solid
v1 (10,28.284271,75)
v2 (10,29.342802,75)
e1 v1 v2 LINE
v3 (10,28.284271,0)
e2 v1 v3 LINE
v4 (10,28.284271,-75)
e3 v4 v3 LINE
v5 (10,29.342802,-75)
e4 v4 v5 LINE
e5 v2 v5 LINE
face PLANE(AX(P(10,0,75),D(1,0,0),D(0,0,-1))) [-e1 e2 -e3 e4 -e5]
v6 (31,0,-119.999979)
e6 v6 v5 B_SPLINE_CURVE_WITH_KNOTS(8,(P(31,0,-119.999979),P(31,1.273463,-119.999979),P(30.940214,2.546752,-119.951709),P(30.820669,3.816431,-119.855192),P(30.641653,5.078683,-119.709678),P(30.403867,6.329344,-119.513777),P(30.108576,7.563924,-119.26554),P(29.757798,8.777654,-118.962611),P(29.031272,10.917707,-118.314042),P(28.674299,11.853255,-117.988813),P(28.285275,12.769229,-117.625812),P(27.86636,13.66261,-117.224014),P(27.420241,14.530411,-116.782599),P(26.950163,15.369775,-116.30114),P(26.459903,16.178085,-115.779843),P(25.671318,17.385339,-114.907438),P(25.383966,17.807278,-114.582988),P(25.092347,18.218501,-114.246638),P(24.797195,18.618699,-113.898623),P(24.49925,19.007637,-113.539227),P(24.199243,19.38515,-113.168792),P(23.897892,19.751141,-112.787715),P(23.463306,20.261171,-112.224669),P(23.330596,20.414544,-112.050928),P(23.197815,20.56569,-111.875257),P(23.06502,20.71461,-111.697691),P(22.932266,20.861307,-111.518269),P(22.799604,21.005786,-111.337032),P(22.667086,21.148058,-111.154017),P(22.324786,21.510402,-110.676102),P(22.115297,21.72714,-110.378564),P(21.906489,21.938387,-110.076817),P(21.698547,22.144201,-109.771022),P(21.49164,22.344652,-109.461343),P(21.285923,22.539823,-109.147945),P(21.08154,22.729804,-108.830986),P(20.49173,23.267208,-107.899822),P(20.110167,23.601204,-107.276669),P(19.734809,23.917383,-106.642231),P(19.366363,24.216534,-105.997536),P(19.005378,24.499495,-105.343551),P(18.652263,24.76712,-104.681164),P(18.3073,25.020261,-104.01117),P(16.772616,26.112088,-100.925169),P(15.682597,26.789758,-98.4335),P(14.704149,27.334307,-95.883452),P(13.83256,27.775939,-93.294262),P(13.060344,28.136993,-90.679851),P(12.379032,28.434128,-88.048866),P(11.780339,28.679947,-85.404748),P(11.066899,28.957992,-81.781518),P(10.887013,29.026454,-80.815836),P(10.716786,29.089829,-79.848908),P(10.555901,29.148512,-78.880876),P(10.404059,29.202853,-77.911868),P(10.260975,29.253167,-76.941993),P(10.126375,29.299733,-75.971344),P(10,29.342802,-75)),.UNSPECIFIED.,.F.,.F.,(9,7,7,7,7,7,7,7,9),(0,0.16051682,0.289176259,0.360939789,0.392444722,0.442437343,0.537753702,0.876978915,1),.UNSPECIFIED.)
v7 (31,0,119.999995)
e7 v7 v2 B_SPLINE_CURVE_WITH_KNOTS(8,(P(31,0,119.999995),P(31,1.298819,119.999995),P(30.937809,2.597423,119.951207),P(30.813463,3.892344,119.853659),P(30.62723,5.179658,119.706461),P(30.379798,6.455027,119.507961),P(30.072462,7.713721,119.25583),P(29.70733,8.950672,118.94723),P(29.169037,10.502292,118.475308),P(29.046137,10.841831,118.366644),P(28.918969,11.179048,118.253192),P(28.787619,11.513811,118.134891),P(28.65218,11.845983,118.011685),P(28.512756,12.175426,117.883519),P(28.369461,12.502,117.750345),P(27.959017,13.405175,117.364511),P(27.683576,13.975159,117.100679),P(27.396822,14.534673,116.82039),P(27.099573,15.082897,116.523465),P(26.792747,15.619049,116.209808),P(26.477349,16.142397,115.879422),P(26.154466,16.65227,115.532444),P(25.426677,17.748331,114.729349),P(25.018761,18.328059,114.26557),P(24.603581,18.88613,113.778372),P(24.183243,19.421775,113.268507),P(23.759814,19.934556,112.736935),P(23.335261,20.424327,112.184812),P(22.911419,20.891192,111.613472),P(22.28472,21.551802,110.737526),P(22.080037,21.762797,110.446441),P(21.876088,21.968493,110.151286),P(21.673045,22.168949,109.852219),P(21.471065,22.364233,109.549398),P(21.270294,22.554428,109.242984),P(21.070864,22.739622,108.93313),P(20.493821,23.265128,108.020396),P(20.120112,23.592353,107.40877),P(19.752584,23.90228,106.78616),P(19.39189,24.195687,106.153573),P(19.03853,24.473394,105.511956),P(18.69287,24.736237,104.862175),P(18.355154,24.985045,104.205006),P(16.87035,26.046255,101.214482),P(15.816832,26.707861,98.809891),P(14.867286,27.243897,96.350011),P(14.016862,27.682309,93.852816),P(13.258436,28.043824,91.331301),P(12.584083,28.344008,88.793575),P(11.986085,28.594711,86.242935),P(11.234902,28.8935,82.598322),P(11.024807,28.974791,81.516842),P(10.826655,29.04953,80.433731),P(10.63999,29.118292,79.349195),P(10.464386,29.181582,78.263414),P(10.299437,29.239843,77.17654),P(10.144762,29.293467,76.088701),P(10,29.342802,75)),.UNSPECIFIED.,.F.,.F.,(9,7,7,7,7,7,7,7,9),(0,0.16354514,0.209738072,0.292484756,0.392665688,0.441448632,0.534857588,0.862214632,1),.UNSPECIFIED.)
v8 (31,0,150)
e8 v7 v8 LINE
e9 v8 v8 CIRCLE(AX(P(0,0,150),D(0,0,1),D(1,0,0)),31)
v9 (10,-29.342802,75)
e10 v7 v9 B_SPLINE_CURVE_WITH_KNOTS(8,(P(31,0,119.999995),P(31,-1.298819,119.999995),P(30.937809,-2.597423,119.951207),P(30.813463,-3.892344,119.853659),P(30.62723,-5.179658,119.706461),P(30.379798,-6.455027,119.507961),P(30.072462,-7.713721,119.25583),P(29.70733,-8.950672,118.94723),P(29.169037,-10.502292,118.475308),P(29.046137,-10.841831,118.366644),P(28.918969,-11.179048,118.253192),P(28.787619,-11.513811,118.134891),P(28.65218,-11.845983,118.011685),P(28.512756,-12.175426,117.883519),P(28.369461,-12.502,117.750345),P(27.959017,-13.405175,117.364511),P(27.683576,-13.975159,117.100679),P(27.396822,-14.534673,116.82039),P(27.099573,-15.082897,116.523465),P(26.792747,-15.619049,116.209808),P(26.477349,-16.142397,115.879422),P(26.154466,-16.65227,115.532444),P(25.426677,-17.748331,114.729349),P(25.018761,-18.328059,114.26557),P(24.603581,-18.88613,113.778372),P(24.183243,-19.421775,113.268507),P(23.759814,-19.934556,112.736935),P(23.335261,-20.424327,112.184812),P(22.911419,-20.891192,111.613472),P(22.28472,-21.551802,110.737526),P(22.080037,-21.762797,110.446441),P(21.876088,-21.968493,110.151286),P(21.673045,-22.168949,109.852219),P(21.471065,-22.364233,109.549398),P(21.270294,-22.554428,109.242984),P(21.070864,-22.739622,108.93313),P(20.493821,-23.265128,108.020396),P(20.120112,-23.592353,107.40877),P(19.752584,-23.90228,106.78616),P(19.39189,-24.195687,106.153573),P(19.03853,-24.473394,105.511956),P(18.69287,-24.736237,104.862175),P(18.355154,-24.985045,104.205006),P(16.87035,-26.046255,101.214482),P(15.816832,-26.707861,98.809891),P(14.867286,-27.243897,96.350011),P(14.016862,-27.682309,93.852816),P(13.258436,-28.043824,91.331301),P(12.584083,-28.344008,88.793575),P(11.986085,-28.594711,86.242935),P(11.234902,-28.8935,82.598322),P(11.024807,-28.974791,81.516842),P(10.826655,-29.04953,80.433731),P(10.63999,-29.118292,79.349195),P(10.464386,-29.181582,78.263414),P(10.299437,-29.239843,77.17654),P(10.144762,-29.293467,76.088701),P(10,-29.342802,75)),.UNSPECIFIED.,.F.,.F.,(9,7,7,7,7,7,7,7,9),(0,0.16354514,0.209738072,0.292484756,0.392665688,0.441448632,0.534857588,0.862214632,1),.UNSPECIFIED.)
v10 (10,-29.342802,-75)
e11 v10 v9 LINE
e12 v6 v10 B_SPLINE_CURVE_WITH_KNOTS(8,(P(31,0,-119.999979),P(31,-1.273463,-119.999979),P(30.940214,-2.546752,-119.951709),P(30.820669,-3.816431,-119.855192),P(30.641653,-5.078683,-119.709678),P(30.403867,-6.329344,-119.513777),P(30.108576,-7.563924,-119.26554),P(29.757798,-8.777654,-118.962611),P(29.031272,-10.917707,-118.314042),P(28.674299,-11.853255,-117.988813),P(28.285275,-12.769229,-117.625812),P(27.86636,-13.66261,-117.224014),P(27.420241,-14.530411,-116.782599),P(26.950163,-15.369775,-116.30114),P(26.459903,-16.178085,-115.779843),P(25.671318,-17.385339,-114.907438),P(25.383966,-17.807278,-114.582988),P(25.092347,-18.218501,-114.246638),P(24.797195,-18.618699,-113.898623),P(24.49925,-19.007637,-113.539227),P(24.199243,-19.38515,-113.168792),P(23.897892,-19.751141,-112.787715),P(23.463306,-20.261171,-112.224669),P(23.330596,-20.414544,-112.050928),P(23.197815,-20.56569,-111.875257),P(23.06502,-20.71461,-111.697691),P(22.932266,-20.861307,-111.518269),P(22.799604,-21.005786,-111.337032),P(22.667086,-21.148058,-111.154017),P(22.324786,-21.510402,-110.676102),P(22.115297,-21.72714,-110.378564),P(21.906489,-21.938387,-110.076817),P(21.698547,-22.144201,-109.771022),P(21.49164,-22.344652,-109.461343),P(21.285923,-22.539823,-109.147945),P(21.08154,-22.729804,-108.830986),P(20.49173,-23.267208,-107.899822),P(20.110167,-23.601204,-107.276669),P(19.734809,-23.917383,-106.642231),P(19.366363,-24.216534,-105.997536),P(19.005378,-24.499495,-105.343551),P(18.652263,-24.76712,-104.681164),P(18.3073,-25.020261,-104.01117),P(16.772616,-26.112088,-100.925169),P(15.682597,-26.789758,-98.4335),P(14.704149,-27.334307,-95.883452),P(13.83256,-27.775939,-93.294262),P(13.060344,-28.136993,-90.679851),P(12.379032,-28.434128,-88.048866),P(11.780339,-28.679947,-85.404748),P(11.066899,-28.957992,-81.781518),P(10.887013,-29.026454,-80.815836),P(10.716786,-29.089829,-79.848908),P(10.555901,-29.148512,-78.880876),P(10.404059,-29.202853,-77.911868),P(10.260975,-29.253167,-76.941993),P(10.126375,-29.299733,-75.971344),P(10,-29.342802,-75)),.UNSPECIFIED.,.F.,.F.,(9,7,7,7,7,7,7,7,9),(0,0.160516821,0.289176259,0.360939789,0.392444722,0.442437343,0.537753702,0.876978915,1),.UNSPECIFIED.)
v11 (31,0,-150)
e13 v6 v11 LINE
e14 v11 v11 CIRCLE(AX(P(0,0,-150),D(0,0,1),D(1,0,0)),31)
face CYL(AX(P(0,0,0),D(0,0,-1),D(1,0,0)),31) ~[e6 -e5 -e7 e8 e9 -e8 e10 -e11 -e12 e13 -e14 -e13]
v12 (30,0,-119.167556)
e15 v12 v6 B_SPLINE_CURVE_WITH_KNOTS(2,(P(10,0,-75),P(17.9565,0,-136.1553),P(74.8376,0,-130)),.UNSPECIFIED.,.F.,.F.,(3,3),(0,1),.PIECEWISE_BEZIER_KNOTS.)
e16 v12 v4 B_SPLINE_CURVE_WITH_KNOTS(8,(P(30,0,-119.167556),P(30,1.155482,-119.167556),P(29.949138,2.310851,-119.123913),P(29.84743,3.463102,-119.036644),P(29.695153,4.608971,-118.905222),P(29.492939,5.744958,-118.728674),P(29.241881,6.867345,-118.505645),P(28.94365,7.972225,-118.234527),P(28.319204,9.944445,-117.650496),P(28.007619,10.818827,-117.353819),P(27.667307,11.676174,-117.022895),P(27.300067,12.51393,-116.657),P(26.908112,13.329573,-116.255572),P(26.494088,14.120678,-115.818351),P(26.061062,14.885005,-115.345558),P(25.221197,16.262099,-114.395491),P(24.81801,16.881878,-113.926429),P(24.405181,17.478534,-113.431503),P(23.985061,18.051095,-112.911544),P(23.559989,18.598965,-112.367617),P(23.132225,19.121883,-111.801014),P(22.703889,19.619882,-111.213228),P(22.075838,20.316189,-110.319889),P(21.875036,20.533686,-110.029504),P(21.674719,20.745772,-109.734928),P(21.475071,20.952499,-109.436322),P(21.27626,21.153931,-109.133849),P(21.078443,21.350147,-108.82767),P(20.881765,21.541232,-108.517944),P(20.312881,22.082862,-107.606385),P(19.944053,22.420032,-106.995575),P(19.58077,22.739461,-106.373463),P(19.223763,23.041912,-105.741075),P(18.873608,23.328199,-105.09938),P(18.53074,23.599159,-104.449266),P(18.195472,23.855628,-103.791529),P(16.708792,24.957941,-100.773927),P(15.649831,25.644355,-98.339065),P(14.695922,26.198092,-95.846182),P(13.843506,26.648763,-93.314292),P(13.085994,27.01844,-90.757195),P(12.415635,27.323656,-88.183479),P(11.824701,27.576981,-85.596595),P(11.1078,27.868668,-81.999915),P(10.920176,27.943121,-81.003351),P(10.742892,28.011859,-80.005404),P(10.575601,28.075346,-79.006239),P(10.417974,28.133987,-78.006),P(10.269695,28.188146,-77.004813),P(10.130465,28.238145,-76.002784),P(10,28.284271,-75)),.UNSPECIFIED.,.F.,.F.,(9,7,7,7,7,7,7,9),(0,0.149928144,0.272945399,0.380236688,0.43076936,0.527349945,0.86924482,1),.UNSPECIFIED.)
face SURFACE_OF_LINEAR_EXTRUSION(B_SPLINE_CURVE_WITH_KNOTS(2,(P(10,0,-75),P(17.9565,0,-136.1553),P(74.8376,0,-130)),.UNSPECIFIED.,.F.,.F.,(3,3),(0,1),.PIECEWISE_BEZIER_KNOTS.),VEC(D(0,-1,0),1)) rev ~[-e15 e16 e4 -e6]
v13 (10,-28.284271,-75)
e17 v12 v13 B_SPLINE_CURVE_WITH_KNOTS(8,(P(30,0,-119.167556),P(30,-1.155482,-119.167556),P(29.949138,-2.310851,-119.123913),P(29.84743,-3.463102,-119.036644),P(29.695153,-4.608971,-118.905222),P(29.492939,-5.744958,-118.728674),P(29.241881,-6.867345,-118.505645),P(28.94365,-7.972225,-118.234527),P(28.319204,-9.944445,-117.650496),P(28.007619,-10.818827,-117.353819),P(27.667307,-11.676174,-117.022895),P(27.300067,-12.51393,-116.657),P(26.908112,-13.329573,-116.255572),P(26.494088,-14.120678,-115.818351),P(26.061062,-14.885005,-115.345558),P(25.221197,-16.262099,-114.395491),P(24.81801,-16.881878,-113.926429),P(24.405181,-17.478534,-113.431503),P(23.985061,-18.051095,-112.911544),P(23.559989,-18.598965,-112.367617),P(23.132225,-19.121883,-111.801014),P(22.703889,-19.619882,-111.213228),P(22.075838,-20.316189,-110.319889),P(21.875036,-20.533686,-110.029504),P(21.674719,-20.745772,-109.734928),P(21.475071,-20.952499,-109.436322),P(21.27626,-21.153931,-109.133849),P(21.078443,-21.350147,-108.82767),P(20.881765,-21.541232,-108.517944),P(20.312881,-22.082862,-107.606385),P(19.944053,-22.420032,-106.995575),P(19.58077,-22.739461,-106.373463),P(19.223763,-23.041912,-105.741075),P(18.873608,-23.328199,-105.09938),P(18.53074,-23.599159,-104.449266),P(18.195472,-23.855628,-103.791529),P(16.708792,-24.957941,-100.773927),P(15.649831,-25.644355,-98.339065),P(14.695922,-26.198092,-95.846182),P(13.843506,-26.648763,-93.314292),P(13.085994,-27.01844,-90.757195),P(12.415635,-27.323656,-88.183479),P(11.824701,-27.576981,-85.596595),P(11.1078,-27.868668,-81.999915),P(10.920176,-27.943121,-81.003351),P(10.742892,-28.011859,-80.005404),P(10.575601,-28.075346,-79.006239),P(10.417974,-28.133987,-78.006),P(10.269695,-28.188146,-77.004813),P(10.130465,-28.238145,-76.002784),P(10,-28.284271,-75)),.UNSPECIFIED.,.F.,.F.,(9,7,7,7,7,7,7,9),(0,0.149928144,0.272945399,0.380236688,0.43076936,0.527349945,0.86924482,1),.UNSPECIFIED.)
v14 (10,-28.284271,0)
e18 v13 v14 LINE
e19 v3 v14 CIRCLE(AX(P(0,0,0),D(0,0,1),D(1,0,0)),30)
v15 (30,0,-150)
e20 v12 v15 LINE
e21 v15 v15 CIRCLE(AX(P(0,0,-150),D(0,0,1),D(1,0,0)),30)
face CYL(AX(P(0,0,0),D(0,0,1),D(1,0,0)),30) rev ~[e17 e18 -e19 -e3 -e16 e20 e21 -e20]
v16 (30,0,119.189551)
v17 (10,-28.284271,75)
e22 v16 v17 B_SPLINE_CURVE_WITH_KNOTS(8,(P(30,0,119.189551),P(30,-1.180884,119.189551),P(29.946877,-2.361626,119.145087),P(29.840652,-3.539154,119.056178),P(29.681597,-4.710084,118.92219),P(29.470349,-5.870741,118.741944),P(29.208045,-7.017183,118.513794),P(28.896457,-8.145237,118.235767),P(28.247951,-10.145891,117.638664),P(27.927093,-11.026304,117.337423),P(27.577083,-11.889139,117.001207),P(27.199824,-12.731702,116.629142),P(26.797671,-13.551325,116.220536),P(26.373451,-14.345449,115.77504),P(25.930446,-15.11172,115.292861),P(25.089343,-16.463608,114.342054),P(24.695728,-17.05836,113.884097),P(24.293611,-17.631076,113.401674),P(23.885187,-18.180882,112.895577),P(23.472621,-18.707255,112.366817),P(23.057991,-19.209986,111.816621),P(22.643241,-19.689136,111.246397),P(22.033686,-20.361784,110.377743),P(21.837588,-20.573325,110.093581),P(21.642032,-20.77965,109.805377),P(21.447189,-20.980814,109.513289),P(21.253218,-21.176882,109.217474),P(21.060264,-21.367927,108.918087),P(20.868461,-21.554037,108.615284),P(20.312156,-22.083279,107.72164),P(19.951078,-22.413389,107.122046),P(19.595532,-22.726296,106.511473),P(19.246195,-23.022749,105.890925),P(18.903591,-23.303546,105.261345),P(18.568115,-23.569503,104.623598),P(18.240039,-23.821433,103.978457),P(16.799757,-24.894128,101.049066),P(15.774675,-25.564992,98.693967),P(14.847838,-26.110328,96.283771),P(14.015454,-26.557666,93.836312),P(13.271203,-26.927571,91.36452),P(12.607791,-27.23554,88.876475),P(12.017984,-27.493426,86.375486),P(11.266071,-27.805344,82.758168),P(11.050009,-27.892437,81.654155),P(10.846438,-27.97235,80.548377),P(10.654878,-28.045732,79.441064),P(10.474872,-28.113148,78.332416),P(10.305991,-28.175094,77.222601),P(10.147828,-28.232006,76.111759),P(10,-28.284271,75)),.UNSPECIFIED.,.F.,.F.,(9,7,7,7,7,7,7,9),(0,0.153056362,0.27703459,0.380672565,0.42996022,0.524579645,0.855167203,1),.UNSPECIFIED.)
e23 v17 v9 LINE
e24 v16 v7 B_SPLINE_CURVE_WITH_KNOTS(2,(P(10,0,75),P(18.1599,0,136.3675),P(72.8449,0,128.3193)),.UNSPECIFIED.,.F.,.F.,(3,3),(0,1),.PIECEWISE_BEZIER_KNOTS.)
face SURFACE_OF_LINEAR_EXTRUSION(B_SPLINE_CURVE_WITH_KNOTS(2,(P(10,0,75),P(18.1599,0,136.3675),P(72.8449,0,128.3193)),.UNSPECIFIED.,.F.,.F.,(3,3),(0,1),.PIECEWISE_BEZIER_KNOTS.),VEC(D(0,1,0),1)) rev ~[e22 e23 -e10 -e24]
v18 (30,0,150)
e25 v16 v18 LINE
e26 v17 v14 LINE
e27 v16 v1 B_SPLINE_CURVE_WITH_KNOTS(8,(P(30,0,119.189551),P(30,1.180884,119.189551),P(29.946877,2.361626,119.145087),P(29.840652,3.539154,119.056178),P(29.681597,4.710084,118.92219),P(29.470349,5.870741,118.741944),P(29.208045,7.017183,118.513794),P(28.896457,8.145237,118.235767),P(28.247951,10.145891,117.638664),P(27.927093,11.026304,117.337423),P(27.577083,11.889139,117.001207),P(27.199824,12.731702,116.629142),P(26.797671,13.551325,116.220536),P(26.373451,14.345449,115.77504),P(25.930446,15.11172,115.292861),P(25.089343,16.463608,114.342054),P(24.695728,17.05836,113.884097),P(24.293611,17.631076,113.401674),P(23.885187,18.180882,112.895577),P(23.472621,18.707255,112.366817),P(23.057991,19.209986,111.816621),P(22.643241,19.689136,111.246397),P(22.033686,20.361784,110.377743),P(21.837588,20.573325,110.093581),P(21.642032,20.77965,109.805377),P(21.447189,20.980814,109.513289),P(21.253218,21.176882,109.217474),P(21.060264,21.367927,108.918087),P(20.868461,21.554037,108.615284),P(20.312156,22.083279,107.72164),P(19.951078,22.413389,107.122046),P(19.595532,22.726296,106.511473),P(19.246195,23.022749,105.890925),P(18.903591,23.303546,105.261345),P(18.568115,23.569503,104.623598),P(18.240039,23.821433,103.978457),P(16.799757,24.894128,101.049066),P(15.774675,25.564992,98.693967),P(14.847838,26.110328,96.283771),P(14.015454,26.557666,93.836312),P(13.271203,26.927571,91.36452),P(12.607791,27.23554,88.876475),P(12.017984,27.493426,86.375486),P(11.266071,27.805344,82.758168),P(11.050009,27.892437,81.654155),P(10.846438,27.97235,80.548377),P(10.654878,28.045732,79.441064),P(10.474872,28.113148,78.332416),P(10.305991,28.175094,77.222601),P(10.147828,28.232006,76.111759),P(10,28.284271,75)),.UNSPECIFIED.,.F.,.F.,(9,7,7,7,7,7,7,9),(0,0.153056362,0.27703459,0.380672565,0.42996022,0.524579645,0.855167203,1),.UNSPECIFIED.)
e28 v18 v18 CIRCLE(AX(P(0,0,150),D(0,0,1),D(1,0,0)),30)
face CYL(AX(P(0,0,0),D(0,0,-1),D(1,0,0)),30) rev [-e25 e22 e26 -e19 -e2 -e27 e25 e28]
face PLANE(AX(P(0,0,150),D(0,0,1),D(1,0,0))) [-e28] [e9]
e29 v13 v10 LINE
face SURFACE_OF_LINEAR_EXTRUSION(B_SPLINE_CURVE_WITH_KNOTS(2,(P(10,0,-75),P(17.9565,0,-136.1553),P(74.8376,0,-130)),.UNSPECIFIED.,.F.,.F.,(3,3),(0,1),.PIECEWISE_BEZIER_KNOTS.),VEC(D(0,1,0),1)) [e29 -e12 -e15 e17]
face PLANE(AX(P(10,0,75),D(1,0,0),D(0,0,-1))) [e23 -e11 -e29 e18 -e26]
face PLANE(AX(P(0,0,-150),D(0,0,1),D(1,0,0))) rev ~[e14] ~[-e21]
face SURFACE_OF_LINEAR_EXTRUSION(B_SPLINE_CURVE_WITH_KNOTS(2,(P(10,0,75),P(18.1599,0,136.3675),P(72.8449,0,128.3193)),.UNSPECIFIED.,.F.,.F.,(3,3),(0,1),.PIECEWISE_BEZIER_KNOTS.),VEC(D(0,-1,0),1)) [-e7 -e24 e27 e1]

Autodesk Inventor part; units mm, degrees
ref_plane "YZ Plane" through (0, 0, 0) normal (1, 0, 0) x (0, 1, 0)
ref_plane "XZ Plane" through (0, 0, 0) normal (0, 1, 0) x (-1, 0, 0)
ref_plane "XY Plane" through (0, 0, 0) normal (0, 0, 1) x (1, 0, 0)
sketch "Skizze1" plane through (0, 0, 0) normal (0, 0, 1) x (1, 0, 0)
  circle A0 centre (0, 0) radius 31
  circle A1 centre (0, 0) radius 30
  dimension "d0" = 62
  dimension "d1" = 60
extrude "Extrusion1" add sketch "Skizze1" along normal mid plane 300
sketch "Skizze2" plane through (0, 0, 0) normal (0, 1, 0) x (-1, 0, 0)
  line L0 (-10, 169.5773) -> (-10, -169.8146) construction
  line L1 (-74.8376, 0) -> (82.6362, 0) construction
  line L2 (-10, 75) -> (-10, -75)
  line L3 (-31, -150) -> (-31, 150) projected
  line L4 (31, 150) -> (-31, 150) projected
  line L5 (-31, -150) -> (31, -150) projected
  spline S0 degree 2 poles (-10, 75) (-18.1599, 136.3675) (-72.8449, 128.3193) knots 0 0 0 1 1 1
  spline S1 degree 2 poles (-10, -75) (-17.9565, -136.1553) (-74.8376, -130) knots 0 0 0 1 1 1
  line L6 (-72.8449, 128.3193) -> (-74.8376, -130)
  point P0 (0, 0)
  point P1 (-31, 120)
  point P2 (-31, -120)
  dimension "d4" = 10
  dimension "d5" = 150
  dimension "d6" = 30
  dimension "d7" = 30
extrude "Extrusion2" cut sketch "Skizze2" against normal mid plane 65 contours L2 S1 L3 S0
properties part number "Segment_recovery"
